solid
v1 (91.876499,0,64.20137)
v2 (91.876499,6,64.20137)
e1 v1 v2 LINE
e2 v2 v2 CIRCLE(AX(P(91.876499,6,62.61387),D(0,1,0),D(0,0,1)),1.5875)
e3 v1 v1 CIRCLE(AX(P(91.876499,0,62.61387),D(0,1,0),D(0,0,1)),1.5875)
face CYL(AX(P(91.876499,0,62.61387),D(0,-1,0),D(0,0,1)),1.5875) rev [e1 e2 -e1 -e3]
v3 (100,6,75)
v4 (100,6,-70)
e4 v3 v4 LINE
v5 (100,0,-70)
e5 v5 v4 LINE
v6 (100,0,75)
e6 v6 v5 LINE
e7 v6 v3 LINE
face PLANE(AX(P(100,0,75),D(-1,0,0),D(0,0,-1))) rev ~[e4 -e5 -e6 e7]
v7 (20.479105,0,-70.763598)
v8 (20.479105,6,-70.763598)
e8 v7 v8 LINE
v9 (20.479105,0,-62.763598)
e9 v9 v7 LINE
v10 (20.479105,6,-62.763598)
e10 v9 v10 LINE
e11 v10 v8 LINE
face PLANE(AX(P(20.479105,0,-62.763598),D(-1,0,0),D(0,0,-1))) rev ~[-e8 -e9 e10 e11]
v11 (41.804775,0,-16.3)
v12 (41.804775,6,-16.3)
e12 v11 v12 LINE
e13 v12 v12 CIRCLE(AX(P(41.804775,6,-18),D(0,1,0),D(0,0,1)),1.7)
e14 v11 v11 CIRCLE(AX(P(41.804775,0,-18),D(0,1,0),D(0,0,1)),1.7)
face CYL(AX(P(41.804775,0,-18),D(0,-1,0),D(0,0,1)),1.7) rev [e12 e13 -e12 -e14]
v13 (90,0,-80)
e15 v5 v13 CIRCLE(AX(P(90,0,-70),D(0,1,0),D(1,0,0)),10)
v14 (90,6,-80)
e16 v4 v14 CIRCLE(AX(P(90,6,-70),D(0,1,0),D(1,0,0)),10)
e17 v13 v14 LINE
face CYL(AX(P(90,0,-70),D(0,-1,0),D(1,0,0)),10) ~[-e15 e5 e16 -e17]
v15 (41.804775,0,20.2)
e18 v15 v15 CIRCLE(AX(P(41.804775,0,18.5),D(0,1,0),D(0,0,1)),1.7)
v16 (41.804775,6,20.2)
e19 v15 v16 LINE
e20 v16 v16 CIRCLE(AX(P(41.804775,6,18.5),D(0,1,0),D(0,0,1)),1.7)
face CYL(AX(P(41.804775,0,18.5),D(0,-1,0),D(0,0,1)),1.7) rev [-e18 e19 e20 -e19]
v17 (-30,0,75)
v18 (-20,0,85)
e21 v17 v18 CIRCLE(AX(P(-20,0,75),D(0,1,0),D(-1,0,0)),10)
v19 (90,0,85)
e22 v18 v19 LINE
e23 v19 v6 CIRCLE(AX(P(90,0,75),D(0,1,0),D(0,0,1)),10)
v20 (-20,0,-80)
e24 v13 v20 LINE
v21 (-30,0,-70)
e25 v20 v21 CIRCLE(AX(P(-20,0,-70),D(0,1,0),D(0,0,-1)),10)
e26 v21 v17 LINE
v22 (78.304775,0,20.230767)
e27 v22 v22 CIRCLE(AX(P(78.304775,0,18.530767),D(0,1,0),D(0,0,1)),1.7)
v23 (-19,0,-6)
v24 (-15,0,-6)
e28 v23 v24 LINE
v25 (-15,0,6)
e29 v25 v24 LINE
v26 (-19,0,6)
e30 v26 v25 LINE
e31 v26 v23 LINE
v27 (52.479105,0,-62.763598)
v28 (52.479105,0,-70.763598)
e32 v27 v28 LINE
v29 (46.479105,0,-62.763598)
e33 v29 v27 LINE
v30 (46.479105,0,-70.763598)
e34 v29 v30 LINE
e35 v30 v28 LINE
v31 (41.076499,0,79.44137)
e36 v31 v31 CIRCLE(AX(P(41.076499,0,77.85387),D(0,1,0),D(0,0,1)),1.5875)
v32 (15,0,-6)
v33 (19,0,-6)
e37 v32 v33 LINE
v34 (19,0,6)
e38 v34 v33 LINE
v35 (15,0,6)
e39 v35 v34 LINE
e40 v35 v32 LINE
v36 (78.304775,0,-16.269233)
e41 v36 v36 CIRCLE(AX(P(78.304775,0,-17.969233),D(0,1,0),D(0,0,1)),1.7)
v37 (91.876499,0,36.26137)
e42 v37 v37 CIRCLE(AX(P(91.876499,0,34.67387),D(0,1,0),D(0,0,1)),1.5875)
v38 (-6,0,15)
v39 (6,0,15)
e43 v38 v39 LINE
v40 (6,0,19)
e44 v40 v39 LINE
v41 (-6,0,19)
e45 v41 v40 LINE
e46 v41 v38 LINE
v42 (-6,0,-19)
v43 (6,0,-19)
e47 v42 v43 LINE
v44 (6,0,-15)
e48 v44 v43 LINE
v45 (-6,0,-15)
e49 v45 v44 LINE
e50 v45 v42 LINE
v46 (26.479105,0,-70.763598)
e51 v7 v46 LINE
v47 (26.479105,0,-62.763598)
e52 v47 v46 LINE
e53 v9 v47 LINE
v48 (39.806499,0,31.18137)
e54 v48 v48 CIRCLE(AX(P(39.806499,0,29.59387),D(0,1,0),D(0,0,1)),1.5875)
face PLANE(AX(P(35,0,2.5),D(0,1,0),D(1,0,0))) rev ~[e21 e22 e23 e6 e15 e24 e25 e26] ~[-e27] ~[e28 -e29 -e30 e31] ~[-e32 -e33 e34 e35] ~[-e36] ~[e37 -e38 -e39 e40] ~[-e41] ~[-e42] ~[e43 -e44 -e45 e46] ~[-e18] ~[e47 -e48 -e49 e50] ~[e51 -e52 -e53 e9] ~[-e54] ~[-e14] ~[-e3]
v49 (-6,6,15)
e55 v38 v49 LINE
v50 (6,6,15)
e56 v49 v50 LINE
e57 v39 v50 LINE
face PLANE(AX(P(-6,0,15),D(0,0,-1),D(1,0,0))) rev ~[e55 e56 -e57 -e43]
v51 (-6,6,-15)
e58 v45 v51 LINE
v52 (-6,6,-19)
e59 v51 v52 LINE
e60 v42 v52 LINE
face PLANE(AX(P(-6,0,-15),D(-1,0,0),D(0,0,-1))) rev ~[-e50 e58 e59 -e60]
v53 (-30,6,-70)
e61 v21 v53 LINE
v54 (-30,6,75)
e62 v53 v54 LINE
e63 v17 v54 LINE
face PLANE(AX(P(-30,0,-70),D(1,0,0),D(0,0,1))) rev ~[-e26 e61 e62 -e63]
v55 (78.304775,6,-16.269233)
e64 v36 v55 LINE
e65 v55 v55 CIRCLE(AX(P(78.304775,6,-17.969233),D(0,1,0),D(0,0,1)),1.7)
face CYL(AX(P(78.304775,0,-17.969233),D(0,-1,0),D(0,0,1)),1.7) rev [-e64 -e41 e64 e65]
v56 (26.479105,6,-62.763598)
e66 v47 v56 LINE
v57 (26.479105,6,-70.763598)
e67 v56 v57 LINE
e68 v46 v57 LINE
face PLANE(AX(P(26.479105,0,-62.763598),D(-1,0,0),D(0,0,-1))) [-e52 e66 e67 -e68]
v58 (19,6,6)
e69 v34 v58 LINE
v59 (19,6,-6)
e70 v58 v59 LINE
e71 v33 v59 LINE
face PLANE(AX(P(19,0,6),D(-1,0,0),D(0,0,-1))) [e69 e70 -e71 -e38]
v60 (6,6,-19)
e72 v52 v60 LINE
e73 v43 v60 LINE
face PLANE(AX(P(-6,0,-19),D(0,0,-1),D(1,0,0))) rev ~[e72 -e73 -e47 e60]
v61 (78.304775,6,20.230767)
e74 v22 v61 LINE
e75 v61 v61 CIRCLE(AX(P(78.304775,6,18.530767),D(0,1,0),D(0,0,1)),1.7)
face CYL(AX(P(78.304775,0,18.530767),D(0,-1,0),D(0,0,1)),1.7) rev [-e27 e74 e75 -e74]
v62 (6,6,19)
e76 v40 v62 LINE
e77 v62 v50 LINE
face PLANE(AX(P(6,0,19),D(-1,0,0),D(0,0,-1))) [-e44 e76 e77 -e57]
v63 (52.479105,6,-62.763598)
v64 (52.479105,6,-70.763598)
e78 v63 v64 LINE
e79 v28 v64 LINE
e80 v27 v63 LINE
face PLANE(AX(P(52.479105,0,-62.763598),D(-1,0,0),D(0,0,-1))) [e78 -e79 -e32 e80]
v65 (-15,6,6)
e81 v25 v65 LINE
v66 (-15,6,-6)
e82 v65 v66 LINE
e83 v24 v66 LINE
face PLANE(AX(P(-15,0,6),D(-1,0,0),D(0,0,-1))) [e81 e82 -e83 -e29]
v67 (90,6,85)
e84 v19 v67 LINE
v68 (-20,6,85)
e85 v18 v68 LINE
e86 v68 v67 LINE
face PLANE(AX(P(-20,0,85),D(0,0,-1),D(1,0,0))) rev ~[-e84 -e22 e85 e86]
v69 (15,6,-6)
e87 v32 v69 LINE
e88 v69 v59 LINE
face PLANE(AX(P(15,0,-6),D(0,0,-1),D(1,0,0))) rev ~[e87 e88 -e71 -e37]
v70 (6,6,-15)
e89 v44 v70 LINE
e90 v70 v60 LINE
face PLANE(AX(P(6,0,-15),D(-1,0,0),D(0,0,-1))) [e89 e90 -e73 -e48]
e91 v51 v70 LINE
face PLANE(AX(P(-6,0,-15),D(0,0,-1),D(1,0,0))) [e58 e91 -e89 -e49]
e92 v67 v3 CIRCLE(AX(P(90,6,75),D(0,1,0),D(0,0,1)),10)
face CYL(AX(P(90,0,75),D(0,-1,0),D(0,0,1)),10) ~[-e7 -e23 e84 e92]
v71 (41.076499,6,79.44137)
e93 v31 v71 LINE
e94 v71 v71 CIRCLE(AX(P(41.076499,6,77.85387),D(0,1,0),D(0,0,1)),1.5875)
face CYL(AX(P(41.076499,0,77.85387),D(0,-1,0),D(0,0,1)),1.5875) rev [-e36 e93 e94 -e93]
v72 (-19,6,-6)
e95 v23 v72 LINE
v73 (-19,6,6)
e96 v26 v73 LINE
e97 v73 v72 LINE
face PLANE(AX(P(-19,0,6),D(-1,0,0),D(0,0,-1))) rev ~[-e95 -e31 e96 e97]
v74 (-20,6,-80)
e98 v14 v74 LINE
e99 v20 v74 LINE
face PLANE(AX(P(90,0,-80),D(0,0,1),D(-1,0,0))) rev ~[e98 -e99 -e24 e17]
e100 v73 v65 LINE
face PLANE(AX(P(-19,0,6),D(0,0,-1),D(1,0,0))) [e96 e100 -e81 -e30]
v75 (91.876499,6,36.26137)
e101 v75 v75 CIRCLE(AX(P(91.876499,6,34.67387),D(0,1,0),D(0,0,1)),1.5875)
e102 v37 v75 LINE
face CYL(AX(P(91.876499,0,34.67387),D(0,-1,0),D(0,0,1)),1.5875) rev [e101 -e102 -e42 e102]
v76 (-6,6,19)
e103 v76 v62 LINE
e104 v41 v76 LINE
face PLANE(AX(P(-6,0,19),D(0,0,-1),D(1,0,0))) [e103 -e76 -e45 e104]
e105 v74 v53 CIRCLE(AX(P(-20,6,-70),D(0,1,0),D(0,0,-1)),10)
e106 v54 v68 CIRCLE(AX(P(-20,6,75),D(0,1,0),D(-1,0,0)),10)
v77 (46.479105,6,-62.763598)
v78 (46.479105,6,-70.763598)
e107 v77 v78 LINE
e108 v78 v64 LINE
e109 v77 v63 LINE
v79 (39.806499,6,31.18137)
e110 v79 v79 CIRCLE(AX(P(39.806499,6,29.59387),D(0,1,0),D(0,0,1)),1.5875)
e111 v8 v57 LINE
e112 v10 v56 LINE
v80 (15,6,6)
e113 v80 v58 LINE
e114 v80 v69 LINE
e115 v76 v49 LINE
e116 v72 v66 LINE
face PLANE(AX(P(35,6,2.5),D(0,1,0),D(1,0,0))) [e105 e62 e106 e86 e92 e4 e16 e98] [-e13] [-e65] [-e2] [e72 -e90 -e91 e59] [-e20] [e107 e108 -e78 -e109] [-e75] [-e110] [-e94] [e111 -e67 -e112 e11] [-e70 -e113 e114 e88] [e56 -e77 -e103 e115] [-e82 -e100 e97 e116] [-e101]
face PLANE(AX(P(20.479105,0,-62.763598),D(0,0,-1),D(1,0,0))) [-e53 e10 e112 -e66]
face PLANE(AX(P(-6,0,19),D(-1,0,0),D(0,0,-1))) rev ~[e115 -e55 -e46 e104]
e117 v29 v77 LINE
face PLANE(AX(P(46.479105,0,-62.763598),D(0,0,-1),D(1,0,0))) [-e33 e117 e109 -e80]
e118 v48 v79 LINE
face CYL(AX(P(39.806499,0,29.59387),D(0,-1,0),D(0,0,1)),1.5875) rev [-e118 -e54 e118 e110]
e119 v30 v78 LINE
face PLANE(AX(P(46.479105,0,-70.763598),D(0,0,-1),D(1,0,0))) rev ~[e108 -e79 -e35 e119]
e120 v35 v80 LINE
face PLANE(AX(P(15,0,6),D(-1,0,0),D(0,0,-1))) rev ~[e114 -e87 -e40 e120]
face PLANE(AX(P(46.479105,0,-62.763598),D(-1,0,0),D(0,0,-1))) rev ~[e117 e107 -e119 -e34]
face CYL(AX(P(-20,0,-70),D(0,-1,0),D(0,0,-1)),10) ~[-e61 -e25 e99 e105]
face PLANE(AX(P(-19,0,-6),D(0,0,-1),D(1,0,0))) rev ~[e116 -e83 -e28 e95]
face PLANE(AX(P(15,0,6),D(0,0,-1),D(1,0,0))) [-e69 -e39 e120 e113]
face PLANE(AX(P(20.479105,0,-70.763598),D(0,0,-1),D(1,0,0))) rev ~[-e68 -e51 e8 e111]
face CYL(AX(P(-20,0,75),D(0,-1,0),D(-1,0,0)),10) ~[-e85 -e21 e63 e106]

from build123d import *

# Parameters (mm, degrees)
SKETCH1_R           = 1.7
SKETCH1_R_2         = 1.5875
SKETCH1_W           = 4
SKETCH1_H           = 12
SKETCH1_W_2         = 12
SKETCH1_H_2         = 4
SKETCH1_W_3         = 6
SKETCH1_H_3         = 8
BOSS_EXTRUDE2_DEPTH = 6


with BuildPart() as part:
    # Sketch1 → Boss-Extrude2 (new body)
    with BuildSketch(Plane(origin=(0, 0, 0), x_dir=(1, 0, 0), z_dir=(0, 1, 0))):
        with BuildLine():
            Line((90, 80), (-20, 80))
            ThreePointArc((-20, 80), (-27.071067812, 77.071067812), (-30, 70))
            Line((-30, 70), (-30, -75))
            ThreePointArc((-30, -75), (-27.071067812, -82.071067812), (-20, -85))
            Line((-20, -85), (90, -85))
            ThreePointArc((90, -85), (97.071067812, -82.071067812), (100, -75))
            Line((100, -75), (100, 70))
            ThreePointArc((100, 70), (97.071067812, 77.071067812), (90, 80))
        make_face()
        with Locations(Location((41.804775222, 18, 0), (0, 0, 270))):
            Circle(SKETCH1_R, mode=Mode.SUBTRACT)
        with Locations(Location((78.304775222, 17.96923253, 0), (0, 0, 270))):
            Circle(SKETCH1_R, mode=Mode.SUBTRACT)
        with Locations(Location((78.304775222, -18.53076747, 0), (0, 0, 270))):
            Circle(SKETCH1_R, mode=Mode.SUBTRACT)
        with Locations(Location((41.804775222, -18.5, 0), (0, 0, 270))):
            Circle(SKETCH1_R, mode=Mode.SUBTRACT)
        with Locations(Location((39.806499109, -29.593870337, 0), (0, 0, 270))):
            Circle(SKETCH1_R_2, mode=Mode.SUBTRACT)
        with Locations(Location((91.876499109, -34.673870337, 0), (0, 0, 270))):
            Circle(SKETCH1_R_2, mode=Mode.SUBTRACT)
        with Locations(Location((91.876499109, -62.613870337, 0), (0, 0, 270))):
            Circle(SKETCH1_R_2, mode=Mode.SUBTRACT)
        with Locations(Location((41.076499109, -77.853870337, 0), (0, 0, 270))):
            Circle(SKETCH1_R_2, mode=Mode.SUBTRACT)
        with Locations((-17, 0)):
            Rectangle(SKETCH1_W, SKETCH1_H, mode=Mode.SUBTRACT)
        with Locations((0, 17)):
            Rectangle(SKETCH1_W_2, SKETCH1_H_2, mode=Mode.SUBTRACT)
        with Locations((17, 0)):
            Rectangle(SKETCH1_W, SKETCH1_H, mode=Mode.SUBTRACT)
        with Locations((0, -17)):
            Rectangle(SKETCH1_W_2, SKETCH1_H_2, mode=Mode.SUBTRACT)
        with Locations((23.479105259, 66.763598247)):
            Rectangle(SKETCH1_W_3, SKETCH1_H_3, mode=Mode.SUBTRACT)
        with Locations((49.479105259, 66.763598247)):
            Rectangle(SKETCH1_W_3, SKETCH1_H_3, mode=Mode.SUBTRACT)
    extrude(amount=BOSS_EXTRUDE2_DEPTH)


solid = part.part
